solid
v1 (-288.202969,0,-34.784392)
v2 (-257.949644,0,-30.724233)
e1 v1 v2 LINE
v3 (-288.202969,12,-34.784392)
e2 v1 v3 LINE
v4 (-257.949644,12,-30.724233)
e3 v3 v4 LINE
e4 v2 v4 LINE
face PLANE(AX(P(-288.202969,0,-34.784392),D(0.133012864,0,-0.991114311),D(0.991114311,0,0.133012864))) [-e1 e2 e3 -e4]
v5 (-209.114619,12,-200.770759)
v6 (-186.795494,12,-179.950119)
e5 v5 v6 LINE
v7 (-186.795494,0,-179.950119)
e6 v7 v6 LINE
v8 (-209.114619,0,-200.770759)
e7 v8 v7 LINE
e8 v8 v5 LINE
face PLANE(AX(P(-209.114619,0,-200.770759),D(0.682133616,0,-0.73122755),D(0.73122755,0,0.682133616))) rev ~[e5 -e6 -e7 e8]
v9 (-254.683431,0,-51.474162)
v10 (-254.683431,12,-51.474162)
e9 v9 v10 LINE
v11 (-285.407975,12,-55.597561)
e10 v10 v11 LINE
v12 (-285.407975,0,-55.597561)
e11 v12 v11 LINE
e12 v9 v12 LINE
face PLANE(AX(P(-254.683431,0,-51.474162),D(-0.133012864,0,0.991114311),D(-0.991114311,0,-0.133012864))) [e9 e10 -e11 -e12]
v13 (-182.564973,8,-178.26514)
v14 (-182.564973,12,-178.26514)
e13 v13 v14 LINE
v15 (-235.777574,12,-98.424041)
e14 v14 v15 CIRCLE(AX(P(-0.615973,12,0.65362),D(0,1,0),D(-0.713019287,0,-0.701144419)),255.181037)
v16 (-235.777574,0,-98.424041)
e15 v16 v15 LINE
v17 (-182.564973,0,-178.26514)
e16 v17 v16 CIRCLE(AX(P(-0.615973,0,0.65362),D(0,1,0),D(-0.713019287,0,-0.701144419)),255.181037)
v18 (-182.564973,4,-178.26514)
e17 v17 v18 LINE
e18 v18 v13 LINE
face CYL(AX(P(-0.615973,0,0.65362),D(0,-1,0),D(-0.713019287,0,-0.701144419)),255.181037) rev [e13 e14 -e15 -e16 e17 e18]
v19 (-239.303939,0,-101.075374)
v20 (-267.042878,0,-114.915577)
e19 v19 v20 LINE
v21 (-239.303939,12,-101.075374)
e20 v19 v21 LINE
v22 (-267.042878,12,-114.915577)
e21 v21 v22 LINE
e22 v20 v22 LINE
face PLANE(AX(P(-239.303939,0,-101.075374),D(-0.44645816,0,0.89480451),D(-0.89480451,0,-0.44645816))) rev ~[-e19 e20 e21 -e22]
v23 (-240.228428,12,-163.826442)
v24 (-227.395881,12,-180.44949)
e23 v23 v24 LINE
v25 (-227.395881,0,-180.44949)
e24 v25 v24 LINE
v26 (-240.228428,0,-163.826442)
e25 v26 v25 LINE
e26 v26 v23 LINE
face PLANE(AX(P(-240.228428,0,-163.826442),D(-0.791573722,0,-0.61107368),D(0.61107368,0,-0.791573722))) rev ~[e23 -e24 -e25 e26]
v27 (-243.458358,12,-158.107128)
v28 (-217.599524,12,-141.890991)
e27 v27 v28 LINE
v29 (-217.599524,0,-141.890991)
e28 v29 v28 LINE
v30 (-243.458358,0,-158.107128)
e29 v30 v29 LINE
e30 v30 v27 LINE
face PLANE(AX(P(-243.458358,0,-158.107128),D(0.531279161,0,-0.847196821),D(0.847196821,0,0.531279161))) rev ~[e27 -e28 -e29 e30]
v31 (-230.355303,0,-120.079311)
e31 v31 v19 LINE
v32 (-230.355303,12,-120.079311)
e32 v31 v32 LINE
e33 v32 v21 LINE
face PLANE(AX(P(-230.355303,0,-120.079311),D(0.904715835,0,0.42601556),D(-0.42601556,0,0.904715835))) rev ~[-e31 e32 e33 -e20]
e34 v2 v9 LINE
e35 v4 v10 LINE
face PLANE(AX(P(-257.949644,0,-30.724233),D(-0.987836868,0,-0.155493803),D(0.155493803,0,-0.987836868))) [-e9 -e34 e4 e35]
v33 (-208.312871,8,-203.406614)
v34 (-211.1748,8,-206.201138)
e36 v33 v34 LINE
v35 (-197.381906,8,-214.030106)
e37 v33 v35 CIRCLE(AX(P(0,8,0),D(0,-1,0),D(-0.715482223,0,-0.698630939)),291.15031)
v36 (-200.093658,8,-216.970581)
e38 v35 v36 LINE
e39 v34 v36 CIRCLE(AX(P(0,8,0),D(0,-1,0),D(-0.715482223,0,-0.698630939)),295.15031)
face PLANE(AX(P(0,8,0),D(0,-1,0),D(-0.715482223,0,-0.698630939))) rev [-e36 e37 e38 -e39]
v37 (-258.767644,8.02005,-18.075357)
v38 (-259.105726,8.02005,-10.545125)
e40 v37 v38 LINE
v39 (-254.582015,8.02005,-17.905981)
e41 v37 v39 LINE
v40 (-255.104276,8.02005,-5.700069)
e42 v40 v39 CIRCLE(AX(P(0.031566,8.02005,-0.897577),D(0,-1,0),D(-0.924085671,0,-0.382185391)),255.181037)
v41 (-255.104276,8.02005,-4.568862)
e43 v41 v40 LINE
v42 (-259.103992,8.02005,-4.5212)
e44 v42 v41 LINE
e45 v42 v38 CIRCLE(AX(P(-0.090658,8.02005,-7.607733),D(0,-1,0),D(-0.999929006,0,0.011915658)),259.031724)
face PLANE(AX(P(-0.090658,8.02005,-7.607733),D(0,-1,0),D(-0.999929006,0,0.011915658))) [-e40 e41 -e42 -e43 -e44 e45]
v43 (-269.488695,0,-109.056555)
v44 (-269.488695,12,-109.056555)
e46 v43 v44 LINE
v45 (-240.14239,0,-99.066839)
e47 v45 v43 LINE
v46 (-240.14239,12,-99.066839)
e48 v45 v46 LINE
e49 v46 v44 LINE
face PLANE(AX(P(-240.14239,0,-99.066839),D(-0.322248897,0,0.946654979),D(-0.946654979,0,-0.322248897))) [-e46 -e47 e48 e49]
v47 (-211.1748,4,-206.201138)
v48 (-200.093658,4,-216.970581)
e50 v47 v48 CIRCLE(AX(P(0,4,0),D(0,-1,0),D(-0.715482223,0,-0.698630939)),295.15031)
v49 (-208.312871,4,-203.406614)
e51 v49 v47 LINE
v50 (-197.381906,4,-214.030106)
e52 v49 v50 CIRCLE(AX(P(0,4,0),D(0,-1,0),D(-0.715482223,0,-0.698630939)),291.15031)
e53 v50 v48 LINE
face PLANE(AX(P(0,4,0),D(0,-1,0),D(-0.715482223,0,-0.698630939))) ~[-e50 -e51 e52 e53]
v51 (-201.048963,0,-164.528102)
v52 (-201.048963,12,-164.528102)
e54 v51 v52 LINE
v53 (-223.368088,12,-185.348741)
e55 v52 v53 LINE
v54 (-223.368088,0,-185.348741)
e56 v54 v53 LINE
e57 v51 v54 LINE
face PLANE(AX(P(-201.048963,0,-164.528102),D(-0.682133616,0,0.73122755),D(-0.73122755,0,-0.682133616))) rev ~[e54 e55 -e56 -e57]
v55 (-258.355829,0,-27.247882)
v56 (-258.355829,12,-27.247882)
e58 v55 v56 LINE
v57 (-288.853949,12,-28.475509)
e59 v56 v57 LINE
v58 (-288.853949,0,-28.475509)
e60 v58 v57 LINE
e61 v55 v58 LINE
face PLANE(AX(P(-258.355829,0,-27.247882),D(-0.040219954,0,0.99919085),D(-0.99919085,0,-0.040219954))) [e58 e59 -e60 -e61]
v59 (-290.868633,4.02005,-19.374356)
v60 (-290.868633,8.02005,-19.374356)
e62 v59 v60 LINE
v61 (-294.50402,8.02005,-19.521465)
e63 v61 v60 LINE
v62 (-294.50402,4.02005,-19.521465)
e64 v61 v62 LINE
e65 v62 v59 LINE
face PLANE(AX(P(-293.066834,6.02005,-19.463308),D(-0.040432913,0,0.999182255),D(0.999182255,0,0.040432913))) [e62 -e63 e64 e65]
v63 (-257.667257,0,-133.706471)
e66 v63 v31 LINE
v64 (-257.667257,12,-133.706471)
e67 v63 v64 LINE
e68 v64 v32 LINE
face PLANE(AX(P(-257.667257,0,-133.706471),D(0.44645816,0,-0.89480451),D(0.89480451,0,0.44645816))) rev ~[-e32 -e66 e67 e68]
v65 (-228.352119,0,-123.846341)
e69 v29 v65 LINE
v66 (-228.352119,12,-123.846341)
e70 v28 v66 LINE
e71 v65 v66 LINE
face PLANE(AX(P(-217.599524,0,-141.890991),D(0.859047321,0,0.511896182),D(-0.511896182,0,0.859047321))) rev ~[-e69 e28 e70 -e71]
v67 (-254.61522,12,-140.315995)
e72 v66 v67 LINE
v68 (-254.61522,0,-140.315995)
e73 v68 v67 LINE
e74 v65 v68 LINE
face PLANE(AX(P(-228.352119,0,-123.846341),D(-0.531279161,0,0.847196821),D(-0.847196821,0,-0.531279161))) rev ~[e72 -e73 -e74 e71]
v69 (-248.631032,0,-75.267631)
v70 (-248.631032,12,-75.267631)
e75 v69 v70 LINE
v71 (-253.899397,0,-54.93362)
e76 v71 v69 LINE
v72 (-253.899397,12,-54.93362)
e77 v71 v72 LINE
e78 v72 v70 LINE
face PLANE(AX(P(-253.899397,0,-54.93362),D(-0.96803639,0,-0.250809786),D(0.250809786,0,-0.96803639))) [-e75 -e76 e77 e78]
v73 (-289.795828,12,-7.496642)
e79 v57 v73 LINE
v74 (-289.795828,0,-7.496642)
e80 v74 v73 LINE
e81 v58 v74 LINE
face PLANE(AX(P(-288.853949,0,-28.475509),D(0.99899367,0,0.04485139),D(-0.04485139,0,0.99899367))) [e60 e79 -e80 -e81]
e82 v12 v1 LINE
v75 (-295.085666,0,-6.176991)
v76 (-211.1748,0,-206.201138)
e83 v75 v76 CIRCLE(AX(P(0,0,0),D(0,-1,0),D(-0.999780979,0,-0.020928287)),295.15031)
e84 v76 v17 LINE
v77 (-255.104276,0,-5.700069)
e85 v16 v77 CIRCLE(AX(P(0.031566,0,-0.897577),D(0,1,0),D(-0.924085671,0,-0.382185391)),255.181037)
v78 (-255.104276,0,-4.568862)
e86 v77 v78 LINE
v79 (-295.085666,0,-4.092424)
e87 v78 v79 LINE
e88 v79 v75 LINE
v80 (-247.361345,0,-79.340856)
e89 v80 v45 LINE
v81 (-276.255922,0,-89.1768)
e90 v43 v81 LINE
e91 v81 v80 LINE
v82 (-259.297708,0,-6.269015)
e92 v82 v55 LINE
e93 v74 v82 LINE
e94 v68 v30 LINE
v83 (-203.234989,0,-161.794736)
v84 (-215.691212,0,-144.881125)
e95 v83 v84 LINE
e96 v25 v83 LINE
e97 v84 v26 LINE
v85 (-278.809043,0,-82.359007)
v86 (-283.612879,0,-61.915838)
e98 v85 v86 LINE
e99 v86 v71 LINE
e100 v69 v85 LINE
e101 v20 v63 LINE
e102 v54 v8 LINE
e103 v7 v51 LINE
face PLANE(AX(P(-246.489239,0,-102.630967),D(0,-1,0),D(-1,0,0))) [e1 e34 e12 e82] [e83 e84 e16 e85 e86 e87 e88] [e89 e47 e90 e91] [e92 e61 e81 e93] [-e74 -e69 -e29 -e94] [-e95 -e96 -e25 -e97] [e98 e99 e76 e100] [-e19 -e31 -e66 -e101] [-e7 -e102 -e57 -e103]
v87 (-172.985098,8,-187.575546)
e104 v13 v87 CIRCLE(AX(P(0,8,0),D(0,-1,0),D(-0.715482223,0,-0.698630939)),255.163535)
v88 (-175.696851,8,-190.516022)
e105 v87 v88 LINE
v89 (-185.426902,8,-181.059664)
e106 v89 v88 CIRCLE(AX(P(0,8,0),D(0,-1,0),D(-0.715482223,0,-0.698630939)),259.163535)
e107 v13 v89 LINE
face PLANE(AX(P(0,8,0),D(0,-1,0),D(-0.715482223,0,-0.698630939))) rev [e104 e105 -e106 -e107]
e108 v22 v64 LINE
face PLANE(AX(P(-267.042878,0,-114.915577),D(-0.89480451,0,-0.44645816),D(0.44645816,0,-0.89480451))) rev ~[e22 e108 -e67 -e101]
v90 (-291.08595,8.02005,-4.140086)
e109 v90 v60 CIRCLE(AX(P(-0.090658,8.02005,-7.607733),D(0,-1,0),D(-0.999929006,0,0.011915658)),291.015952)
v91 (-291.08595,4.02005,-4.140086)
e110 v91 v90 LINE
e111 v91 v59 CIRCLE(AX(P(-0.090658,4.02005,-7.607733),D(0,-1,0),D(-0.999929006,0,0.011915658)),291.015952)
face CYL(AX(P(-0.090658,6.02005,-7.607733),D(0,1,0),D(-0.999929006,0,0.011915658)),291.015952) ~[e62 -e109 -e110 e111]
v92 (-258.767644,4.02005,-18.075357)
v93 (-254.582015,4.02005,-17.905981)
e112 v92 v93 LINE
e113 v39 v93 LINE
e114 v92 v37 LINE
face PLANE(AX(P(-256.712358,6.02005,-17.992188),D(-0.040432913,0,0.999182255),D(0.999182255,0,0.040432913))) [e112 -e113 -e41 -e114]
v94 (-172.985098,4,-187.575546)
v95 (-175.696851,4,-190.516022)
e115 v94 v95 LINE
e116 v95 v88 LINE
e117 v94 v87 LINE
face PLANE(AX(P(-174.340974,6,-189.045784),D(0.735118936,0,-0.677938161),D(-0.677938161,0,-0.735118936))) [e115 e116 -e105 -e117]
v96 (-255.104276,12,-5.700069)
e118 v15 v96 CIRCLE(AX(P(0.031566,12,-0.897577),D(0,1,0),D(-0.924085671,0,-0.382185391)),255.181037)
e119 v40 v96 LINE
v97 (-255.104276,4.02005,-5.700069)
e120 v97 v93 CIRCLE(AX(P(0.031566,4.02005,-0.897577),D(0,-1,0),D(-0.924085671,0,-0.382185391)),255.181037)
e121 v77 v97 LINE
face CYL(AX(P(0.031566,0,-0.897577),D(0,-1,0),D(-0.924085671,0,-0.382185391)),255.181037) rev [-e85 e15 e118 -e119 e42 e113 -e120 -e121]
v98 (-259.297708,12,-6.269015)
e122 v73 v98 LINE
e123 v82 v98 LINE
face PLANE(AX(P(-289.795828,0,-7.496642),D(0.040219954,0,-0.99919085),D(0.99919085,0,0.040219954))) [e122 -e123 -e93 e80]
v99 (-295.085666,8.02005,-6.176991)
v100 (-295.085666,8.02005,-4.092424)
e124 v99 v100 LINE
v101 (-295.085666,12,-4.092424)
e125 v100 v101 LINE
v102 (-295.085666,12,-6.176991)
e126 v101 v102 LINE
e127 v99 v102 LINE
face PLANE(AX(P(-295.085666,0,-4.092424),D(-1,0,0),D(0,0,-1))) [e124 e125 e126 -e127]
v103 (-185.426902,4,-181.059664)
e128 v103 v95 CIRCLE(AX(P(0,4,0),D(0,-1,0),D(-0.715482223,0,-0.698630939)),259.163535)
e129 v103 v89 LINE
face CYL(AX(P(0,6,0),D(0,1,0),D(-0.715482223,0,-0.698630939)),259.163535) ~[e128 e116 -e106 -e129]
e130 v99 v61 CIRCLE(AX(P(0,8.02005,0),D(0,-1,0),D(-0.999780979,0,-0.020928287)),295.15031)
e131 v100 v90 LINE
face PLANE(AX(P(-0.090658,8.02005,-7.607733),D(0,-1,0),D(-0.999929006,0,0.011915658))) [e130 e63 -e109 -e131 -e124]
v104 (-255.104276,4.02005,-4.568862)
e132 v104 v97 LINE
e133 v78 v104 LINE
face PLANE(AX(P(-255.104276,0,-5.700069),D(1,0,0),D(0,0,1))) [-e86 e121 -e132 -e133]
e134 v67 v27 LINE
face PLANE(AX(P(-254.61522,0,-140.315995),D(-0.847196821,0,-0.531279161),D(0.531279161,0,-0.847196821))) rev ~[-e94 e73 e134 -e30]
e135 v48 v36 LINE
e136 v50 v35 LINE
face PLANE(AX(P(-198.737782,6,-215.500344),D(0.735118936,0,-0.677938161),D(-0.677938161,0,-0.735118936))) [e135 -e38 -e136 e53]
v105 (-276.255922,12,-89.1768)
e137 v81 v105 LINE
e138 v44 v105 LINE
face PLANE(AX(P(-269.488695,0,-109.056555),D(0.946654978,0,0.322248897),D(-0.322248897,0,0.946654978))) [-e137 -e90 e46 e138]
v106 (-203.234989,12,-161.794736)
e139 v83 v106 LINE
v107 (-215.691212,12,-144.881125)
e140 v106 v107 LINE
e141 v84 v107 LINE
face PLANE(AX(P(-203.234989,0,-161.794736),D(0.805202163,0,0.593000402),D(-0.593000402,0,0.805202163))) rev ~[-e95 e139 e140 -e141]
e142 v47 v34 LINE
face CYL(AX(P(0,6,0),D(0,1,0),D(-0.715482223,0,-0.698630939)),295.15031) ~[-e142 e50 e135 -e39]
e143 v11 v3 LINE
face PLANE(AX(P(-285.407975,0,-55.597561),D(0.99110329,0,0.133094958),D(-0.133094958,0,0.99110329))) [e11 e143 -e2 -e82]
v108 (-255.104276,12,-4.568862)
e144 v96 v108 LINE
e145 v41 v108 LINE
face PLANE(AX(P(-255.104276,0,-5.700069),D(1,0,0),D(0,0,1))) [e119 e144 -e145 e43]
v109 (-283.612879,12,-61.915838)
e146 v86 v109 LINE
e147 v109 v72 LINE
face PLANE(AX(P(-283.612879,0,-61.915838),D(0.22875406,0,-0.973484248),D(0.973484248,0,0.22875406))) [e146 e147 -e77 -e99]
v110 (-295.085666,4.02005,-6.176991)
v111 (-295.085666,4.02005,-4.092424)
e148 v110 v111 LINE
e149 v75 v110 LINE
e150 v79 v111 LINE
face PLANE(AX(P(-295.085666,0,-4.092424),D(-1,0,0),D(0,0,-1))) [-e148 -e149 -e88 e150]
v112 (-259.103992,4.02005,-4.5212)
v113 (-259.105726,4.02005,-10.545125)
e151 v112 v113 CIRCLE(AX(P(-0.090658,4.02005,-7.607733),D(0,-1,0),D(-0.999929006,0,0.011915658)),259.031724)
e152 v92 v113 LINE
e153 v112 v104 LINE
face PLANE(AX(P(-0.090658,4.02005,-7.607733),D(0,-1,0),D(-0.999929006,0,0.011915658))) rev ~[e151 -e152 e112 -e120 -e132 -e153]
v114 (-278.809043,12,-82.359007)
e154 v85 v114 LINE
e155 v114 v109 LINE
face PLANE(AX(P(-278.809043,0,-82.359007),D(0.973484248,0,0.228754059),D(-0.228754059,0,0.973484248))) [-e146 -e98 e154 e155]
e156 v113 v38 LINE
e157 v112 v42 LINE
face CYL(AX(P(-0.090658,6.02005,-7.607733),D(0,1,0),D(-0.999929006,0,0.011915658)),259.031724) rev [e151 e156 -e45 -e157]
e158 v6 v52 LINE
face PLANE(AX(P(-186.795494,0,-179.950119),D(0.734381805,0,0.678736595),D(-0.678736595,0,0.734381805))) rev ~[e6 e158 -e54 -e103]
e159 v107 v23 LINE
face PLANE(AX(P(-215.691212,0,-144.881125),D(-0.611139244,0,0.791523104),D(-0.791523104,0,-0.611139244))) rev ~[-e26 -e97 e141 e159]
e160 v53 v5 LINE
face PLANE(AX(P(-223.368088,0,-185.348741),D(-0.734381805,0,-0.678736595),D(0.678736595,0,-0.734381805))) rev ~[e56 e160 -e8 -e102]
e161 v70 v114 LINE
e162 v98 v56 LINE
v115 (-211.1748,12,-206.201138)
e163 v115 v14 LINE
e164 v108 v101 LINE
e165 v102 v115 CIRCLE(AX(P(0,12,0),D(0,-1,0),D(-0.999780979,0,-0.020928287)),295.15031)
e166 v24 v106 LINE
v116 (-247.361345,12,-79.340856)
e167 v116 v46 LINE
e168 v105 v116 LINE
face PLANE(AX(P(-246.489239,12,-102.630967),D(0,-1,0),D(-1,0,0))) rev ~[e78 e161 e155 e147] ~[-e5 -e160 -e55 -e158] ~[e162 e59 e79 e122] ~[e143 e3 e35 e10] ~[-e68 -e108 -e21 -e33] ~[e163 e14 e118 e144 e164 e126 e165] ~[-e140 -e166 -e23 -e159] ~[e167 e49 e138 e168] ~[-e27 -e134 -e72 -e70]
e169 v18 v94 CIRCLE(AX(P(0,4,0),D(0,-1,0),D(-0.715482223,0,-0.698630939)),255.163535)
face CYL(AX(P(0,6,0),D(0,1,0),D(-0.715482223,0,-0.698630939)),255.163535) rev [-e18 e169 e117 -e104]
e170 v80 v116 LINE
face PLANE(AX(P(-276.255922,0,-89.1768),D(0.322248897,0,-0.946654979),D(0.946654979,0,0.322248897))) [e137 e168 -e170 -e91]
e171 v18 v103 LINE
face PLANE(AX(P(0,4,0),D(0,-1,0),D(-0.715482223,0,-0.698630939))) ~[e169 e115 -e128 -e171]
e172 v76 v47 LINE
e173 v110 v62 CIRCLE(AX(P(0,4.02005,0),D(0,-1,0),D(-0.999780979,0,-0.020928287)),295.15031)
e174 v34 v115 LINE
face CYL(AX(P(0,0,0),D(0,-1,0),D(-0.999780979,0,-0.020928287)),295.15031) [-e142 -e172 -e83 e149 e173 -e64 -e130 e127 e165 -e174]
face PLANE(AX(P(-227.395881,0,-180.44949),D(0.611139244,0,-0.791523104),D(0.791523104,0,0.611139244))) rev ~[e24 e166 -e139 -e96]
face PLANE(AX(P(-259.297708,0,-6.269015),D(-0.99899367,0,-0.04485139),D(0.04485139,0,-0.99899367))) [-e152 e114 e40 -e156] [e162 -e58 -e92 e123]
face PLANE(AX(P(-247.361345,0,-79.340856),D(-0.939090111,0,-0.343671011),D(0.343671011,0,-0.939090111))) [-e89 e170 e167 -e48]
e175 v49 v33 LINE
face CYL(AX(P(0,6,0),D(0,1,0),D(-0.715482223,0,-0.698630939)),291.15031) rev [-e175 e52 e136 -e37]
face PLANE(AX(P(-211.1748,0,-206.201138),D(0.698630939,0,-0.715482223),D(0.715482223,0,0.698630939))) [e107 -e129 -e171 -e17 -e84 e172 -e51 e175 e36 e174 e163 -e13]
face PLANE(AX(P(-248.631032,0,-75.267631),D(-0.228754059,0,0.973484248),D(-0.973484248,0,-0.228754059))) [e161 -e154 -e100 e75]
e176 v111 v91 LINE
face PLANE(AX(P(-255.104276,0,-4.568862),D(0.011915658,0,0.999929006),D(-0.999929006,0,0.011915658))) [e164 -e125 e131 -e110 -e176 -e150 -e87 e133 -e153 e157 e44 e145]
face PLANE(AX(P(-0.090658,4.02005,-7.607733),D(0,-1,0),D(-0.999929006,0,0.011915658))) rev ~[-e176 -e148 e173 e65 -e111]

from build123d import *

# Parameters (mm, degrees)
BOSS_EXTRUDE1_DEPTH = 12
SKETCH3_W           = 4.4
SKETCH3_H           = 4
CUT_REVOLVE1_ANGLE  = 3
SKETCH4_W           = 4
SKETCH4_H           = 4
REVOLVE1_ANGLE      = 3


with BuildPart() as part:
    # Sketch1 → Boss-Extrude1 (new body)
    with BuildSketch(Plane(origin=(0, 0, 0), x_dir=(1, 0, 0), z_dir=(0, 1, 0))):
        with BuildLine():
            Line((-211.174799688, 206.201137862), (-182.564973394, 178.265140079))
            ThreePointArc((-182.564973394, 178.265140079), (-212.957593109, 140.868101899), (-235.777573605, 98.424041209))
            ThreePointArc((-235.777573605, 98.424041209), (-249.780718251, 52.966609881), (-255.104275502, 5.700069272))
            Line((-255.104275502, 5.700069272), (-255.104275502, 4.568862205))
            Line((-255.104275502, 4.568862205), (-295.085665641, 4.092423829))
            Line((-295.085665641, 4.092423829), (-295.085665641, 6.176990522))
            ThreePointArc((-295.085665641, 6.176990522), (-272.171507635, 114.17694912), (-211.174799688, 206.201137862))
        make_face()
        Polygon((-288.853949055, 28.475508763), (-289.795828236, 7.496641691), (-259.297708464, 6.269015395), (-258.355829283, 27.247882467), align=None, mode=Mode.SUBTRACT)
        Polygon((-288.202969042, 34.784391797), (-257.949644018, 30.724233072), (-254.683431263, 51.47416217), (-285.407974911, 55.597560966), align=None, mode=Mode.SUBTRACT)
        Polygon((-283.612878523, 61.915838046), (-253.89939669, 54.933619681), (-248.631031599, 75.267631401), (-278.809043274, 82.359007245), align=None, mode=Mode.SUBTRACT)
        Polygon((-276.255921554, 89.176800074), (-247.361344598, 79.340855863), (-240.142390382, 99.066838813), (-269.488694715, 109.056554622), align=None, mode=Mode.SUBTRACT)
        Polygon((-230.355302506, 120.079310533), (-239.303938624, 101.075373705), (-267.042878446, 114.91557665), (-257.667257096, 133.706471368), align=None, mode=Mode.SUBTRACT)
        Polygon((-217.599523923, 141.890991255), (-228.352118631, 123.846340791), (-254.61522008, 140.315994772), (-243.458357706, 158.107128012), align=None, mode=Mode.SUBTRACT)
        Polygon((-203.234989184, 161.794735755), (-215.691212171, 144.88112549), (-240.228428406, 163.826442046), (-227.39588109, 180.449490275), align=None, mode=Mode.SUBTRACT)
        Polygon((-186.795494279, 179.950119438), (-201.048962764, 164.528101536), (-223.368087677, 185.348741273), (-209.114619192, 200.770759174), align=None, mode=Mode.SUBTRACT)
    extrude(amount=BOSS_EXTRUDE1_DEPTH)

    # Sketch3 → Cut-Revolve1 (revolve, cut)
    with BuildSketch(Plane(origin=(-0.090657576, 0, -7.607732879), x_dir=(0.9999290060329473, 0, -0.01191565751279397), z_dir=(0.01191565751279397, 0, 0.9999290060329473))):
        with Locations((-256.83172364, 6.020050252)):
            Rectangle(SKETCH3_W, SKETCH3_H)
        with Locations((-293.215952418, 6.020050252)):
            Rectangle(SKETCH3_W, SKETCH3_H)
    revolve(axis=Axis((-0.090657576, 0, -7.607732879), (0, -1, 0)), revolution_arc=CUT_REVOLVE1_ANGLE, mode=Mode.SUBTRACT)

    # Sketch4 → Revolve1 (revolve)
    with BuildSketch(Plane(origin=(0, 0, 0), x_dir=(-0.715482223100618, 0, -0.6986309386414242), z_dir=(0.6986309386414242, 0, -0.715482223100618))):
        with Locations((257.163535165, 6)):
            Rectangle(SKETCH4_W, SKETCH4_H)
        with Locations((293.150309637, 6)):
            Rectangle(SKETCH4_W, SKETCH4_H)
    revolve(axis=Axis((0, 0, 0), (0, -1, 0)), revolution_arc=REVOLVE1_ANGLE)


solid = part.part
